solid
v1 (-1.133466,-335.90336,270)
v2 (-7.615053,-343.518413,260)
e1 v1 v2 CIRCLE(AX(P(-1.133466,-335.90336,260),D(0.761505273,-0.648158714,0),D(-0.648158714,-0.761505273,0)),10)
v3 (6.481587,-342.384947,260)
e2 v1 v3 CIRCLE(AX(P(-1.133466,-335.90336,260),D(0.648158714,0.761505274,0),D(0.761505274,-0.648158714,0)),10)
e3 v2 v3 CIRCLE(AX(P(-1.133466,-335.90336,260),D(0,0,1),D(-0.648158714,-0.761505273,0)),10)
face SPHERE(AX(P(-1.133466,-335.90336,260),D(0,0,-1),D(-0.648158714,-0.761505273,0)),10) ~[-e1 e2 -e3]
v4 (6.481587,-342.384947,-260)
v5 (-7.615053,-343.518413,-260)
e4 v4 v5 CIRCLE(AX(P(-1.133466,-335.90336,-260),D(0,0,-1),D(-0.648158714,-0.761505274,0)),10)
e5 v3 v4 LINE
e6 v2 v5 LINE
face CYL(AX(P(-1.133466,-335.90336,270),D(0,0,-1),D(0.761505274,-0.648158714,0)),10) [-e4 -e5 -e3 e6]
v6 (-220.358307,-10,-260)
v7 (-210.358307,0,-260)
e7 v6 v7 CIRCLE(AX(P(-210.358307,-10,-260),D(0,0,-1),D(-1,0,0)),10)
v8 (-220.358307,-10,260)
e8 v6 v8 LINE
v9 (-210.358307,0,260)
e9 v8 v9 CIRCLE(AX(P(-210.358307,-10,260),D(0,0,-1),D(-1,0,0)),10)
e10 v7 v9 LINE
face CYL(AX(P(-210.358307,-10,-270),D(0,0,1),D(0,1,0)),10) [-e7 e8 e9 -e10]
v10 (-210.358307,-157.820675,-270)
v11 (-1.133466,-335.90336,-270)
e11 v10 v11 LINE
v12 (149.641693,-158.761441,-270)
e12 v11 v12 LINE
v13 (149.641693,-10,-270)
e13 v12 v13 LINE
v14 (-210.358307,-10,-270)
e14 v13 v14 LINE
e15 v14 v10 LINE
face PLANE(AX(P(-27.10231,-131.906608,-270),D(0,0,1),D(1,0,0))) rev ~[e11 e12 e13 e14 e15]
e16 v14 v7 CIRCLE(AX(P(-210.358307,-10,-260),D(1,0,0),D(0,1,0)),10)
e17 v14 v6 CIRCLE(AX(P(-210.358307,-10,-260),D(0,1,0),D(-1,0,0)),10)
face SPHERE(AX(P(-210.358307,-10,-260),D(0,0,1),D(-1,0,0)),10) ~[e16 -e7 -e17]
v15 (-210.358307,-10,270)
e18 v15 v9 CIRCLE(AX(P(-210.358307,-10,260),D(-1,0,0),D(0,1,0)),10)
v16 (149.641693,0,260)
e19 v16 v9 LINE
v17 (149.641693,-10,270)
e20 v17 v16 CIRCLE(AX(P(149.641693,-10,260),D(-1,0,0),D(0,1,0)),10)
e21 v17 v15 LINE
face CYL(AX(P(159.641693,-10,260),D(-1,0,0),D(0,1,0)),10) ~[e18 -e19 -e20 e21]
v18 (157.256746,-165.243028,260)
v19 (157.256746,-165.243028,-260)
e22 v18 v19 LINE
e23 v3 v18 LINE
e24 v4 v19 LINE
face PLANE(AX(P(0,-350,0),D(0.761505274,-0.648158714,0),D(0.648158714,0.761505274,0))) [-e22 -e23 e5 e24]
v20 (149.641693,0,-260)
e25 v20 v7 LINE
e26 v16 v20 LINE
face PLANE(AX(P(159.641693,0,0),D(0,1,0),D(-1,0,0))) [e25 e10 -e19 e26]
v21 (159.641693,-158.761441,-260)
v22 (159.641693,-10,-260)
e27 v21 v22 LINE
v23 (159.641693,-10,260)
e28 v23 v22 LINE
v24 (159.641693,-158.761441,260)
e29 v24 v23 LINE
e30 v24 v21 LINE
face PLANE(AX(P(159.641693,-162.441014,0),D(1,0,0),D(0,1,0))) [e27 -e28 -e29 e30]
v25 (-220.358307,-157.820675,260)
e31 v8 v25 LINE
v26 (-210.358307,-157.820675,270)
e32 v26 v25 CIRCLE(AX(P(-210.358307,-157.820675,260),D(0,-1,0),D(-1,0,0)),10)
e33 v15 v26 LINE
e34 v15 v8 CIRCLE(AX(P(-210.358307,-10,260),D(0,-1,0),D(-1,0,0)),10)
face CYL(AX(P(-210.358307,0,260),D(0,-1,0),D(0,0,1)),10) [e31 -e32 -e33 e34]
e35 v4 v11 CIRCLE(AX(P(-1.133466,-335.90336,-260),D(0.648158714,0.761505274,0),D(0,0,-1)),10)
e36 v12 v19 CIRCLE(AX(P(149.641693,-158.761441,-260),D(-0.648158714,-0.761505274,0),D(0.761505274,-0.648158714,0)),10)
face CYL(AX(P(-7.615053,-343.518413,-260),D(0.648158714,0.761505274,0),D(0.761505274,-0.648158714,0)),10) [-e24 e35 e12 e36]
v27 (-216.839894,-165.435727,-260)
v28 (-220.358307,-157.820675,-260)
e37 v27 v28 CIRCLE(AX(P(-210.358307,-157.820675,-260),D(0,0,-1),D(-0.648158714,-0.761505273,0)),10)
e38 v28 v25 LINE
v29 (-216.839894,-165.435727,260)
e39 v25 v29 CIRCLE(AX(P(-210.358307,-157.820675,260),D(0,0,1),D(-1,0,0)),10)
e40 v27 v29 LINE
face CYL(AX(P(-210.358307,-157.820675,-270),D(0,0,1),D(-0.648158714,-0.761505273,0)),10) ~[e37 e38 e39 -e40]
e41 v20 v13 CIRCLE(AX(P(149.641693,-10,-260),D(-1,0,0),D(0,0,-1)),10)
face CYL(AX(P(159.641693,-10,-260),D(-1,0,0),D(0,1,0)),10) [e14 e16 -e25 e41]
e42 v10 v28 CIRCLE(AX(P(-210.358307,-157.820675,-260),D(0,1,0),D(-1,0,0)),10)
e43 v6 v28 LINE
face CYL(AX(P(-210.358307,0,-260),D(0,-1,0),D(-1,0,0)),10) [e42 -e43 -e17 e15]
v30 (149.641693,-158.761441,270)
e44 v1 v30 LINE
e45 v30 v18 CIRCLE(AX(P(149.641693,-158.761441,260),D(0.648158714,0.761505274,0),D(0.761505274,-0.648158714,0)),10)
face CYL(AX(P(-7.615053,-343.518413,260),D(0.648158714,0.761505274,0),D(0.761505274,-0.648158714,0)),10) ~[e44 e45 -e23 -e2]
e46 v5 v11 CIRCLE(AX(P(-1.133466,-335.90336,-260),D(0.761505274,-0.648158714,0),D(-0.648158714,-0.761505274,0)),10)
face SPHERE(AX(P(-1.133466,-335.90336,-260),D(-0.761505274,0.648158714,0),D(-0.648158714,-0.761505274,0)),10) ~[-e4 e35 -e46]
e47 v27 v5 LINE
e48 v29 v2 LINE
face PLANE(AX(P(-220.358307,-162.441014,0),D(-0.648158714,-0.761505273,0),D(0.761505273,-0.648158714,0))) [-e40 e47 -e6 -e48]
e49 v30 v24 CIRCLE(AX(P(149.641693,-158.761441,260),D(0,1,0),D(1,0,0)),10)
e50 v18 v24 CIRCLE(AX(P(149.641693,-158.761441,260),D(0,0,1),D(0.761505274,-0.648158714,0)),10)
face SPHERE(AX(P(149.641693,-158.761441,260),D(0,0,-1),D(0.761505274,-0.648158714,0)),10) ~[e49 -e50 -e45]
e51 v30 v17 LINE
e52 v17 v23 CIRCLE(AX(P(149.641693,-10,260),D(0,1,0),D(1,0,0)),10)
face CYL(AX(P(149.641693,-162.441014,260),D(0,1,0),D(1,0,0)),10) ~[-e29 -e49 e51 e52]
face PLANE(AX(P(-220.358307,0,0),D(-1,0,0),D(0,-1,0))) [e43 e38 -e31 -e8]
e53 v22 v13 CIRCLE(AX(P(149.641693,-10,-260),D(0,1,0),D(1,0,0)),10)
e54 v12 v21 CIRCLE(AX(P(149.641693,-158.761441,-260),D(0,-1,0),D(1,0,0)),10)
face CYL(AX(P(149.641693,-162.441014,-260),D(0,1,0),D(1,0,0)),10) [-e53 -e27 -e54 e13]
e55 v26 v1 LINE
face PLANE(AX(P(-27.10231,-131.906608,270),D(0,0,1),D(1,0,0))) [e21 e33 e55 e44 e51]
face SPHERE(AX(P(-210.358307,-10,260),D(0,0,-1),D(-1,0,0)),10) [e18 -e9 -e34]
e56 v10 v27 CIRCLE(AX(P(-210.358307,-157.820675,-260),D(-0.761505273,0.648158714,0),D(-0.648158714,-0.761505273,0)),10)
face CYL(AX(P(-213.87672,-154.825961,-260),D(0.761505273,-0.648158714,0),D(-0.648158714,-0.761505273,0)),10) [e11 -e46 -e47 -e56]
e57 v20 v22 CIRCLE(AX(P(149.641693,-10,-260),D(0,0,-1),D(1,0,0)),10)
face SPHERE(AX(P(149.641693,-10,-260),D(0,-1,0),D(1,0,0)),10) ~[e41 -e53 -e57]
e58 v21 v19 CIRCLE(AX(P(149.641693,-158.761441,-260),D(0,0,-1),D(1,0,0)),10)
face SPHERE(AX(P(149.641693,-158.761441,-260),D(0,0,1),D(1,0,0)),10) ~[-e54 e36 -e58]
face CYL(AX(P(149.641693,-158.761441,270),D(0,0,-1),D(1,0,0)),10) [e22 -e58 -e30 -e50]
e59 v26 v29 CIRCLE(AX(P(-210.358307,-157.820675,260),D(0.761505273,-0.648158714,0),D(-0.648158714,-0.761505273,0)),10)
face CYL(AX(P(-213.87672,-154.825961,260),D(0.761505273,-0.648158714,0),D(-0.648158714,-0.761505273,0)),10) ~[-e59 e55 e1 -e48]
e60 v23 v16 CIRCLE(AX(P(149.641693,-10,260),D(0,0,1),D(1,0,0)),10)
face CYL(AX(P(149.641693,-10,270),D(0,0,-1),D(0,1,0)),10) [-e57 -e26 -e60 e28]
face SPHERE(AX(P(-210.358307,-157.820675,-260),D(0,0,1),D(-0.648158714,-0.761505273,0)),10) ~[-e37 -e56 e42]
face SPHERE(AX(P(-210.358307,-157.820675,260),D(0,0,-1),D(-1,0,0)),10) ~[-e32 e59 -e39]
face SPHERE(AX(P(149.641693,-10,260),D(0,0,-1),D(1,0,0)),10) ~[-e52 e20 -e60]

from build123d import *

# Parameters (mm, degrees)
F1_DEPTH = 270
F2_R     = 10


with BuildPart() as f1:
    # F0 (on Top) → F1 (new body, symmetric)
    with BuildSketch(Plane.XY):
        Polygon((159.641693, 0), (-220.358307, 0), (-220.358307, -162.441014), (0, -350), (159.641693, -162.441014), align=None)
    extrude(amount=F1_DEPTH, both=True)

    # F2
    f2_edges = [f1.edges().sort_by_distance(p)[0] for p in [
        (-220.358307, 0, 0),
        (-220.358307, -81.220507, -270),
        (-220.358307, -162.441014, 0),
        (-220.358307, -81.220507, 270),
        (-110.179154, -256.220507, -270),
        (0, -350, 0),
        (-110.179154, -256.220507, 270),
        (79.820846, -256.220507, -270),
        (159.641693, -162.441014, 0),
        (79.820846, -256.220507, 270),
        (159.641693, -81.220507, -270),
        (159.641693, 0, 0),
        (159.641693, -81.220507, 270),
        (-30.358307, 0, -270),
        (-30.358307, 0, 270),
    ]]
    fillet(f2_edges, radius=F2_R)


solid = f1.part
